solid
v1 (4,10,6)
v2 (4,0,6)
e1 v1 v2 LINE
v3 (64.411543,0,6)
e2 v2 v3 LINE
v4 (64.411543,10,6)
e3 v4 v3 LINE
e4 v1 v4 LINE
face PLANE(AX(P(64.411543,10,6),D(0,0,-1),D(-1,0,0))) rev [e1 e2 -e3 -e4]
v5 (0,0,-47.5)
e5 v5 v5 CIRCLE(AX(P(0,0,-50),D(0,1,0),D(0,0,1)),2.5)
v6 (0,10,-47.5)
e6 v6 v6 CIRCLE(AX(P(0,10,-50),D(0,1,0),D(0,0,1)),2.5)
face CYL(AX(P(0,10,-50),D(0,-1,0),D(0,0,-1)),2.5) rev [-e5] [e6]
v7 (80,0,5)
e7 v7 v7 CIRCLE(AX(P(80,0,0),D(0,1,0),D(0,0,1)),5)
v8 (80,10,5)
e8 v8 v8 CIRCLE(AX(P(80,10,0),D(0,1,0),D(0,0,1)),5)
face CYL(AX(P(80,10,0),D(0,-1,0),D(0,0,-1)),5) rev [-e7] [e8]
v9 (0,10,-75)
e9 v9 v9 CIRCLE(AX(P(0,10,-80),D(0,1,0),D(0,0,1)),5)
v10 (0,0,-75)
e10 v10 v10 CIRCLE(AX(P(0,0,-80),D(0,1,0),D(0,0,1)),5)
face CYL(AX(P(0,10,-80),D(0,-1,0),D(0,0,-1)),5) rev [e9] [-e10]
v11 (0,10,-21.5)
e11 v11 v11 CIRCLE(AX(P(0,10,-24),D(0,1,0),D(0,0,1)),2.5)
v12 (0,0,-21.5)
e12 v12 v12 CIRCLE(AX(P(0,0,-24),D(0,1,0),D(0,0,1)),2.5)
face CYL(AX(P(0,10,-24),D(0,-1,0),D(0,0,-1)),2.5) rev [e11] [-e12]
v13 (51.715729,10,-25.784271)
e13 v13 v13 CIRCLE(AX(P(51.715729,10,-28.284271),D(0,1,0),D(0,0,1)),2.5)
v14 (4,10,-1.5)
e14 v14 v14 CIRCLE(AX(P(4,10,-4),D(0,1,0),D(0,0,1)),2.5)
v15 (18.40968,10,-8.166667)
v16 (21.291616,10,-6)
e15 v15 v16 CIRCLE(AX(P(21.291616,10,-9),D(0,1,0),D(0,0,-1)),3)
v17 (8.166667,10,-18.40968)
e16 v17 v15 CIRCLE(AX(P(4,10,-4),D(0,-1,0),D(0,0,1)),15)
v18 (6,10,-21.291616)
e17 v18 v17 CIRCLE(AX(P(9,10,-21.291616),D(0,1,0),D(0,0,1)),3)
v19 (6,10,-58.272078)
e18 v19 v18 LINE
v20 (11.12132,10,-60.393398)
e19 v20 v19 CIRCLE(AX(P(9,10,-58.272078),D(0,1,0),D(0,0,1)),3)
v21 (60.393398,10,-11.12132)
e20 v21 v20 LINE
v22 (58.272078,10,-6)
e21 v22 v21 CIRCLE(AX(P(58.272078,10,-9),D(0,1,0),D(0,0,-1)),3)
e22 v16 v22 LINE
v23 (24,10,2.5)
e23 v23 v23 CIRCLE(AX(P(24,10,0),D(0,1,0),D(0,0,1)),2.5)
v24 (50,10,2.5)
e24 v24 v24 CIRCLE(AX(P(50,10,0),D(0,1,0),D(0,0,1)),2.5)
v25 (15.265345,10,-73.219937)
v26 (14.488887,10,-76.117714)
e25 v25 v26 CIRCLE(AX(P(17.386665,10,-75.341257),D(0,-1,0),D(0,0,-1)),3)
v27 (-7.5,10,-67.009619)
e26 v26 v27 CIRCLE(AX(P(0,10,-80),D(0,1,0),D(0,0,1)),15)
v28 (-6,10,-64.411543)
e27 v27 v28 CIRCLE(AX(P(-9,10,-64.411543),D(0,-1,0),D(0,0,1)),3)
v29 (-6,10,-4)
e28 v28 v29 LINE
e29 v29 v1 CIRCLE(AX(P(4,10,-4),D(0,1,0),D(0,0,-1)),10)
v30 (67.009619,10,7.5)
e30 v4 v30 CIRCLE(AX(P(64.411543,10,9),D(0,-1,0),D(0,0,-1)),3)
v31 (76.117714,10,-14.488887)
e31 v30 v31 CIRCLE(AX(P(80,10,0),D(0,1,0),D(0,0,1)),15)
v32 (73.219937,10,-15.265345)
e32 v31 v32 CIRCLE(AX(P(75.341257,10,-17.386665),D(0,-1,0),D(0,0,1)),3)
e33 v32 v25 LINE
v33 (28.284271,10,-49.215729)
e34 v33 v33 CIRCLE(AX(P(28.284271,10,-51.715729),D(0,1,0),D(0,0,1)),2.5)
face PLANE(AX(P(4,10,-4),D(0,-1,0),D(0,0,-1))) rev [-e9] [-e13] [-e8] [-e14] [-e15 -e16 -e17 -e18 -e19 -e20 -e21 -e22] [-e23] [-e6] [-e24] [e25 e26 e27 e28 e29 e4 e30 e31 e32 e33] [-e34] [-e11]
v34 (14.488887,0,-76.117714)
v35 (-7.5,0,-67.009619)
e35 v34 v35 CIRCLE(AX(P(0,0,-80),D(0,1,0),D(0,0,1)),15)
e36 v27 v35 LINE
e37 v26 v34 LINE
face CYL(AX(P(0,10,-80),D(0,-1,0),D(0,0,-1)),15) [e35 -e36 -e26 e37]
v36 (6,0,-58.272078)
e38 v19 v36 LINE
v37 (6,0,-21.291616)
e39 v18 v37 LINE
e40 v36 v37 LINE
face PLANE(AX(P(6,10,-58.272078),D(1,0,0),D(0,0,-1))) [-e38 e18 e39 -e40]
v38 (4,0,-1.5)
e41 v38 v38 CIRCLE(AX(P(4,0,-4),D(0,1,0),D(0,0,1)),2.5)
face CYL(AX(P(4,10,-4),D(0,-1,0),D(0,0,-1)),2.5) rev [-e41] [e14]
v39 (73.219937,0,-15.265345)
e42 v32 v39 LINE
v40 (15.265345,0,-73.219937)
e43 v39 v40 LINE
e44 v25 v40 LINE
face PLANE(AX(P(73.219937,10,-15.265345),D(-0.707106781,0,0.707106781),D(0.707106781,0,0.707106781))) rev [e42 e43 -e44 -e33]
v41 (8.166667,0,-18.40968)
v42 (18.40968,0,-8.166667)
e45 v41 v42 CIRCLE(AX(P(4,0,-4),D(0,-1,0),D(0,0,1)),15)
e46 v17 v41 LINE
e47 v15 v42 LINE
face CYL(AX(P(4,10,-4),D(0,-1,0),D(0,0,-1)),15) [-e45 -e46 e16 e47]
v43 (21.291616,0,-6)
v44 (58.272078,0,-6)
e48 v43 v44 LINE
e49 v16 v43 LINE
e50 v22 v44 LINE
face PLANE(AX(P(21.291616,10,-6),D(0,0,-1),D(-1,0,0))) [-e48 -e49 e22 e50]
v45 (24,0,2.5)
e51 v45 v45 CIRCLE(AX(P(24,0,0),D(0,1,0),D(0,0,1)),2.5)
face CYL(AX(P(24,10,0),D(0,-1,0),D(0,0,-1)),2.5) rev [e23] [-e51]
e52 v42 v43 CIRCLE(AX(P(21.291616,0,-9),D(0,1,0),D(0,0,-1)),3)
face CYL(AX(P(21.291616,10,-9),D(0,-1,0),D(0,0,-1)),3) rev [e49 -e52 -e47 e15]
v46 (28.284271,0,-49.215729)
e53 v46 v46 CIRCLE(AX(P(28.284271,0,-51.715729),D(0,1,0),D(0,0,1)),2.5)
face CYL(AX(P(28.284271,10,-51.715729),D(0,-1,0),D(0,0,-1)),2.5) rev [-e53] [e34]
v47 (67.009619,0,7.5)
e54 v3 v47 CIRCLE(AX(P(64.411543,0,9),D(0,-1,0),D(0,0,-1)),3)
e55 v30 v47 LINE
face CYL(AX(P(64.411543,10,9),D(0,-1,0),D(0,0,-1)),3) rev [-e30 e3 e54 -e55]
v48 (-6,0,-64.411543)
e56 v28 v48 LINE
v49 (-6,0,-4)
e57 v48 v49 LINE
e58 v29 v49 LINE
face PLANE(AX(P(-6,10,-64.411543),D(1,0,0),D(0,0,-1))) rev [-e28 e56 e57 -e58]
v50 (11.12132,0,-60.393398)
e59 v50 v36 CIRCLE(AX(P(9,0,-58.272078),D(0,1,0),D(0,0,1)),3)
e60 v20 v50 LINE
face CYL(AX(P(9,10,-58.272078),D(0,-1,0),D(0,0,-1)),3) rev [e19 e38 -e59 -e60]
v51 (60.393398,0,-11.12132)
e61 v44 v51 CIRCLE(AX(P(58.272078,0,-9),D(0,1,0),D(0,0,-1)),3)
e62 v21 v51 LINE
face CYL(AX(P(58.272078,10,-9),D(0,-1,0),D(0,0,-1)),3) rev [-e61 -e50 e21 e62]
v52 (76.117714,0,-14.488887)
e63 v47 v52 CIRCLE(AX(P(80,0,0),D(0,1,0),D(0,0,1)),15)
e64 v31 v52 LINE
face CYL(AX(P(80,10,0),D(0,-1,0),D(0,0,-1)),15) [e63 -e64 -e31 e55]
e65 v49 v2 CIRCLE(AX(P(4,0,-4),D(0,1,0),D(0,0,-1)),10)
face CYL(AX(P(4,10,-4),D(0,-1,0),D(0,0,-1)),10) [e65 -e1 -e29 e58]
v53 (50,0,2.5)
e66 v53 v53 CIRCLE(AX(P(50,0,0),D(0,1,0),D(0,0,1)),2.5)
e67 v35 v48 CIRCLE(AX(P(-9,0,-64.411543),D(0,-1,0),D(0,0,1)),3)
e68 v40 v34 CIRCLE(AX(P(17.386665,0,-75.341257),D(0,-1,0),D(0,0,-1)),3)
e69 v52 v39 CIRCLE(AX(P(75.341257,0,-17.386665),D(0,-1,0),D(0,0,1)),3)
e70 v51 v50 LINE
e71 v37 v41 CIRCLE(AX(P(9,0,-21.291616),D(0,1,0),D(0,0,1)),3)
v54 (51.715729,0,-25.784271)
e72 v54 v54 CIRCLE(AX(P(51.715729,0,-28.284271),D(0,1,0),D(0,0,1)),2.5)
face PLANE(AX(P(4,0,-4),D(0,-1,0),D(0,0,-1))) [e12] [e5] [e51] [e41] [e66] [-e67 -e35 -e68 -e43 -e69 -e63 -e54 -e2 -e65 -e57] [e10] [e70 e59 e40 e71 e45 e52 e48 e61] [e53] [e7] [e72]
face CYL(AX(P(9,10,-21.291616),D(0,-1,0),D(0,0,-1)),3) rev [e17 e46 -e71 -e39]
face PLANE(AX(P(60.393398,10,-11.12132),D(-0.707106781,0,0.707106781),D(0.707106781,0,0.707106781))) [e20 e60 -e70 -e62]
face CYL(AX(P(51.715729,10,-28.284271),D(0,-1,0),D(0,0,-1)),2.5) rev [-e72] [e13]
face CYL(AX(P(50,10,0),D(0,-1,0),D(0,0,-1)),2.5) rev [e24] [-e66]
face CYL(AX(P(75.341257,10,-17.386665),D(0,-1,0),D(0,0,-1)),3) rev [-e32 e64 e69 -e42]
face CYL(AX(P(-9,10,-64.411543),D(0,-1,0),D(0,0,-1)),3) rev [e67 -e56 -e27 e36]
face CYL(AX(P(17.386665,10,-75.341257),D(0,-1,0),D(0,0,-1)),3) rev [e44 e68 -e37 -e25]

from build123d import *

# Parameters (mm, degrees)
SKETCH1_R           = 5
SKETCH1_R_2         = 2.5
BOSS_EXTRUDE1_DEPTH = 10


with BuildPart() as part:
    # Sketch1 → Boss-Extrude1 (new body)
    with BuildSketch(Plane(origin=(0, 0, 0), x_dir=(1, 0, 0), z_dir=(0, 1, 0))):
        with BuildLine():
            Line((64.411542732, -6), (4, -6))
            ThreePointArc((4, -6), (-3.071067812, -3.071067812), (-6, 4))
            Line((-6, 4), (-6, 64.411542732))
            ThreePointArc((-6, 64.411542732), (-6.401923789, 65.911542732), (-7.5, 67.009618943))
            ThreePointArc((-7.5, 67.009618943), (-5.740251485, 93.858192988), (14.488887394, 76.117714323))
            ThreePointArc((14.488887394, 76.117714323), (14.488887394, 74.564800053), (15.26534453, 73.219936845))
            Line((15.26534453, 73.219936845), (73.219936845, 15.26534453))
            ThreePointArc((73.219936845, 15.26534453), (74.564800053, 14.488887394), (76.117714323, 14.488887394))
            ThreePointArc((76.117714323, 14.488887394), (93.858192988, -5.740251485), (67.009618943, -7.5))
            ThreePointArc((67.009618943, -7.5), (65.911542732, -6.401923789), (64.411542732, -6))
        make_face()
        with Locations((0, 80)):
            Circle(SKETCH1_R, mode=Mode.SUBTRACT)
        with Locations((80, 0)):
            Circle(SKETCH1_R, mode=Mode.SUBTRACT)
        with Locations((28.284271247, 51.715728753)):
            Circle(SKETCH1_R_2, mode=Mode.SUBTRACT)
        with Locations((51.715728753, 28.284271247)):
            Circle(SKETCH1_R_2, mode=Mode.SUBTRACT)
        with Locations((4, 4)):
            Circle(SKETCH1_R_2, mode=Mode.SUBTRACT)
        with Locations((24, 0)):
            Circle(SKETCH1_R_2, mode=Mode.SUBTRACT)
        with Locations((50, 0)):
            Circle(SKETCH1_R_2, mode=Mode.SUBTRACT)
        with Locations((0, 24)):
            Circle(SKETCH1_R_2, mode=Mode.SUBTRACT)
        with Locations((0, 50)):
            Circle(SKETCH1_R_2, mode=Mode.SUBTRACT)
        with BuildLine():
            Line((21.291616466, 6), (58.272077939, 6))
            ThreePointArc((58.272077939, 6), (61.043716536, 7.851949703), (60.393398282, 11.121320344))
            Line((60.393398282, 11.121320344), (11.121320344, 60.393398282))
            ThreePointArc((11.121320344, 60.393398282), (7.851949703, 61.043716536), (6, 58.272077939))
            Line((6, 58.272077939), (6, 21.291616466))
            ThreePointArc((6, 21.291616466), (6.602084238, 19.488840828), (8.166666667, 18.409680388))
            ThreePointArc((8.166666667, 18.409680388), (14.606601718, 14.606601718), (18.409680388, 8.166666667))
            ThreePointArc((18.409680388, 8.166666667), (19.488840828, 6.602084238), (21.291616466, 6))
        make_face(mode=Mode.SUBTRACT)
    extrude(amount=BOSS_EXTRUDE1_DEPTH)


solid = part.part
